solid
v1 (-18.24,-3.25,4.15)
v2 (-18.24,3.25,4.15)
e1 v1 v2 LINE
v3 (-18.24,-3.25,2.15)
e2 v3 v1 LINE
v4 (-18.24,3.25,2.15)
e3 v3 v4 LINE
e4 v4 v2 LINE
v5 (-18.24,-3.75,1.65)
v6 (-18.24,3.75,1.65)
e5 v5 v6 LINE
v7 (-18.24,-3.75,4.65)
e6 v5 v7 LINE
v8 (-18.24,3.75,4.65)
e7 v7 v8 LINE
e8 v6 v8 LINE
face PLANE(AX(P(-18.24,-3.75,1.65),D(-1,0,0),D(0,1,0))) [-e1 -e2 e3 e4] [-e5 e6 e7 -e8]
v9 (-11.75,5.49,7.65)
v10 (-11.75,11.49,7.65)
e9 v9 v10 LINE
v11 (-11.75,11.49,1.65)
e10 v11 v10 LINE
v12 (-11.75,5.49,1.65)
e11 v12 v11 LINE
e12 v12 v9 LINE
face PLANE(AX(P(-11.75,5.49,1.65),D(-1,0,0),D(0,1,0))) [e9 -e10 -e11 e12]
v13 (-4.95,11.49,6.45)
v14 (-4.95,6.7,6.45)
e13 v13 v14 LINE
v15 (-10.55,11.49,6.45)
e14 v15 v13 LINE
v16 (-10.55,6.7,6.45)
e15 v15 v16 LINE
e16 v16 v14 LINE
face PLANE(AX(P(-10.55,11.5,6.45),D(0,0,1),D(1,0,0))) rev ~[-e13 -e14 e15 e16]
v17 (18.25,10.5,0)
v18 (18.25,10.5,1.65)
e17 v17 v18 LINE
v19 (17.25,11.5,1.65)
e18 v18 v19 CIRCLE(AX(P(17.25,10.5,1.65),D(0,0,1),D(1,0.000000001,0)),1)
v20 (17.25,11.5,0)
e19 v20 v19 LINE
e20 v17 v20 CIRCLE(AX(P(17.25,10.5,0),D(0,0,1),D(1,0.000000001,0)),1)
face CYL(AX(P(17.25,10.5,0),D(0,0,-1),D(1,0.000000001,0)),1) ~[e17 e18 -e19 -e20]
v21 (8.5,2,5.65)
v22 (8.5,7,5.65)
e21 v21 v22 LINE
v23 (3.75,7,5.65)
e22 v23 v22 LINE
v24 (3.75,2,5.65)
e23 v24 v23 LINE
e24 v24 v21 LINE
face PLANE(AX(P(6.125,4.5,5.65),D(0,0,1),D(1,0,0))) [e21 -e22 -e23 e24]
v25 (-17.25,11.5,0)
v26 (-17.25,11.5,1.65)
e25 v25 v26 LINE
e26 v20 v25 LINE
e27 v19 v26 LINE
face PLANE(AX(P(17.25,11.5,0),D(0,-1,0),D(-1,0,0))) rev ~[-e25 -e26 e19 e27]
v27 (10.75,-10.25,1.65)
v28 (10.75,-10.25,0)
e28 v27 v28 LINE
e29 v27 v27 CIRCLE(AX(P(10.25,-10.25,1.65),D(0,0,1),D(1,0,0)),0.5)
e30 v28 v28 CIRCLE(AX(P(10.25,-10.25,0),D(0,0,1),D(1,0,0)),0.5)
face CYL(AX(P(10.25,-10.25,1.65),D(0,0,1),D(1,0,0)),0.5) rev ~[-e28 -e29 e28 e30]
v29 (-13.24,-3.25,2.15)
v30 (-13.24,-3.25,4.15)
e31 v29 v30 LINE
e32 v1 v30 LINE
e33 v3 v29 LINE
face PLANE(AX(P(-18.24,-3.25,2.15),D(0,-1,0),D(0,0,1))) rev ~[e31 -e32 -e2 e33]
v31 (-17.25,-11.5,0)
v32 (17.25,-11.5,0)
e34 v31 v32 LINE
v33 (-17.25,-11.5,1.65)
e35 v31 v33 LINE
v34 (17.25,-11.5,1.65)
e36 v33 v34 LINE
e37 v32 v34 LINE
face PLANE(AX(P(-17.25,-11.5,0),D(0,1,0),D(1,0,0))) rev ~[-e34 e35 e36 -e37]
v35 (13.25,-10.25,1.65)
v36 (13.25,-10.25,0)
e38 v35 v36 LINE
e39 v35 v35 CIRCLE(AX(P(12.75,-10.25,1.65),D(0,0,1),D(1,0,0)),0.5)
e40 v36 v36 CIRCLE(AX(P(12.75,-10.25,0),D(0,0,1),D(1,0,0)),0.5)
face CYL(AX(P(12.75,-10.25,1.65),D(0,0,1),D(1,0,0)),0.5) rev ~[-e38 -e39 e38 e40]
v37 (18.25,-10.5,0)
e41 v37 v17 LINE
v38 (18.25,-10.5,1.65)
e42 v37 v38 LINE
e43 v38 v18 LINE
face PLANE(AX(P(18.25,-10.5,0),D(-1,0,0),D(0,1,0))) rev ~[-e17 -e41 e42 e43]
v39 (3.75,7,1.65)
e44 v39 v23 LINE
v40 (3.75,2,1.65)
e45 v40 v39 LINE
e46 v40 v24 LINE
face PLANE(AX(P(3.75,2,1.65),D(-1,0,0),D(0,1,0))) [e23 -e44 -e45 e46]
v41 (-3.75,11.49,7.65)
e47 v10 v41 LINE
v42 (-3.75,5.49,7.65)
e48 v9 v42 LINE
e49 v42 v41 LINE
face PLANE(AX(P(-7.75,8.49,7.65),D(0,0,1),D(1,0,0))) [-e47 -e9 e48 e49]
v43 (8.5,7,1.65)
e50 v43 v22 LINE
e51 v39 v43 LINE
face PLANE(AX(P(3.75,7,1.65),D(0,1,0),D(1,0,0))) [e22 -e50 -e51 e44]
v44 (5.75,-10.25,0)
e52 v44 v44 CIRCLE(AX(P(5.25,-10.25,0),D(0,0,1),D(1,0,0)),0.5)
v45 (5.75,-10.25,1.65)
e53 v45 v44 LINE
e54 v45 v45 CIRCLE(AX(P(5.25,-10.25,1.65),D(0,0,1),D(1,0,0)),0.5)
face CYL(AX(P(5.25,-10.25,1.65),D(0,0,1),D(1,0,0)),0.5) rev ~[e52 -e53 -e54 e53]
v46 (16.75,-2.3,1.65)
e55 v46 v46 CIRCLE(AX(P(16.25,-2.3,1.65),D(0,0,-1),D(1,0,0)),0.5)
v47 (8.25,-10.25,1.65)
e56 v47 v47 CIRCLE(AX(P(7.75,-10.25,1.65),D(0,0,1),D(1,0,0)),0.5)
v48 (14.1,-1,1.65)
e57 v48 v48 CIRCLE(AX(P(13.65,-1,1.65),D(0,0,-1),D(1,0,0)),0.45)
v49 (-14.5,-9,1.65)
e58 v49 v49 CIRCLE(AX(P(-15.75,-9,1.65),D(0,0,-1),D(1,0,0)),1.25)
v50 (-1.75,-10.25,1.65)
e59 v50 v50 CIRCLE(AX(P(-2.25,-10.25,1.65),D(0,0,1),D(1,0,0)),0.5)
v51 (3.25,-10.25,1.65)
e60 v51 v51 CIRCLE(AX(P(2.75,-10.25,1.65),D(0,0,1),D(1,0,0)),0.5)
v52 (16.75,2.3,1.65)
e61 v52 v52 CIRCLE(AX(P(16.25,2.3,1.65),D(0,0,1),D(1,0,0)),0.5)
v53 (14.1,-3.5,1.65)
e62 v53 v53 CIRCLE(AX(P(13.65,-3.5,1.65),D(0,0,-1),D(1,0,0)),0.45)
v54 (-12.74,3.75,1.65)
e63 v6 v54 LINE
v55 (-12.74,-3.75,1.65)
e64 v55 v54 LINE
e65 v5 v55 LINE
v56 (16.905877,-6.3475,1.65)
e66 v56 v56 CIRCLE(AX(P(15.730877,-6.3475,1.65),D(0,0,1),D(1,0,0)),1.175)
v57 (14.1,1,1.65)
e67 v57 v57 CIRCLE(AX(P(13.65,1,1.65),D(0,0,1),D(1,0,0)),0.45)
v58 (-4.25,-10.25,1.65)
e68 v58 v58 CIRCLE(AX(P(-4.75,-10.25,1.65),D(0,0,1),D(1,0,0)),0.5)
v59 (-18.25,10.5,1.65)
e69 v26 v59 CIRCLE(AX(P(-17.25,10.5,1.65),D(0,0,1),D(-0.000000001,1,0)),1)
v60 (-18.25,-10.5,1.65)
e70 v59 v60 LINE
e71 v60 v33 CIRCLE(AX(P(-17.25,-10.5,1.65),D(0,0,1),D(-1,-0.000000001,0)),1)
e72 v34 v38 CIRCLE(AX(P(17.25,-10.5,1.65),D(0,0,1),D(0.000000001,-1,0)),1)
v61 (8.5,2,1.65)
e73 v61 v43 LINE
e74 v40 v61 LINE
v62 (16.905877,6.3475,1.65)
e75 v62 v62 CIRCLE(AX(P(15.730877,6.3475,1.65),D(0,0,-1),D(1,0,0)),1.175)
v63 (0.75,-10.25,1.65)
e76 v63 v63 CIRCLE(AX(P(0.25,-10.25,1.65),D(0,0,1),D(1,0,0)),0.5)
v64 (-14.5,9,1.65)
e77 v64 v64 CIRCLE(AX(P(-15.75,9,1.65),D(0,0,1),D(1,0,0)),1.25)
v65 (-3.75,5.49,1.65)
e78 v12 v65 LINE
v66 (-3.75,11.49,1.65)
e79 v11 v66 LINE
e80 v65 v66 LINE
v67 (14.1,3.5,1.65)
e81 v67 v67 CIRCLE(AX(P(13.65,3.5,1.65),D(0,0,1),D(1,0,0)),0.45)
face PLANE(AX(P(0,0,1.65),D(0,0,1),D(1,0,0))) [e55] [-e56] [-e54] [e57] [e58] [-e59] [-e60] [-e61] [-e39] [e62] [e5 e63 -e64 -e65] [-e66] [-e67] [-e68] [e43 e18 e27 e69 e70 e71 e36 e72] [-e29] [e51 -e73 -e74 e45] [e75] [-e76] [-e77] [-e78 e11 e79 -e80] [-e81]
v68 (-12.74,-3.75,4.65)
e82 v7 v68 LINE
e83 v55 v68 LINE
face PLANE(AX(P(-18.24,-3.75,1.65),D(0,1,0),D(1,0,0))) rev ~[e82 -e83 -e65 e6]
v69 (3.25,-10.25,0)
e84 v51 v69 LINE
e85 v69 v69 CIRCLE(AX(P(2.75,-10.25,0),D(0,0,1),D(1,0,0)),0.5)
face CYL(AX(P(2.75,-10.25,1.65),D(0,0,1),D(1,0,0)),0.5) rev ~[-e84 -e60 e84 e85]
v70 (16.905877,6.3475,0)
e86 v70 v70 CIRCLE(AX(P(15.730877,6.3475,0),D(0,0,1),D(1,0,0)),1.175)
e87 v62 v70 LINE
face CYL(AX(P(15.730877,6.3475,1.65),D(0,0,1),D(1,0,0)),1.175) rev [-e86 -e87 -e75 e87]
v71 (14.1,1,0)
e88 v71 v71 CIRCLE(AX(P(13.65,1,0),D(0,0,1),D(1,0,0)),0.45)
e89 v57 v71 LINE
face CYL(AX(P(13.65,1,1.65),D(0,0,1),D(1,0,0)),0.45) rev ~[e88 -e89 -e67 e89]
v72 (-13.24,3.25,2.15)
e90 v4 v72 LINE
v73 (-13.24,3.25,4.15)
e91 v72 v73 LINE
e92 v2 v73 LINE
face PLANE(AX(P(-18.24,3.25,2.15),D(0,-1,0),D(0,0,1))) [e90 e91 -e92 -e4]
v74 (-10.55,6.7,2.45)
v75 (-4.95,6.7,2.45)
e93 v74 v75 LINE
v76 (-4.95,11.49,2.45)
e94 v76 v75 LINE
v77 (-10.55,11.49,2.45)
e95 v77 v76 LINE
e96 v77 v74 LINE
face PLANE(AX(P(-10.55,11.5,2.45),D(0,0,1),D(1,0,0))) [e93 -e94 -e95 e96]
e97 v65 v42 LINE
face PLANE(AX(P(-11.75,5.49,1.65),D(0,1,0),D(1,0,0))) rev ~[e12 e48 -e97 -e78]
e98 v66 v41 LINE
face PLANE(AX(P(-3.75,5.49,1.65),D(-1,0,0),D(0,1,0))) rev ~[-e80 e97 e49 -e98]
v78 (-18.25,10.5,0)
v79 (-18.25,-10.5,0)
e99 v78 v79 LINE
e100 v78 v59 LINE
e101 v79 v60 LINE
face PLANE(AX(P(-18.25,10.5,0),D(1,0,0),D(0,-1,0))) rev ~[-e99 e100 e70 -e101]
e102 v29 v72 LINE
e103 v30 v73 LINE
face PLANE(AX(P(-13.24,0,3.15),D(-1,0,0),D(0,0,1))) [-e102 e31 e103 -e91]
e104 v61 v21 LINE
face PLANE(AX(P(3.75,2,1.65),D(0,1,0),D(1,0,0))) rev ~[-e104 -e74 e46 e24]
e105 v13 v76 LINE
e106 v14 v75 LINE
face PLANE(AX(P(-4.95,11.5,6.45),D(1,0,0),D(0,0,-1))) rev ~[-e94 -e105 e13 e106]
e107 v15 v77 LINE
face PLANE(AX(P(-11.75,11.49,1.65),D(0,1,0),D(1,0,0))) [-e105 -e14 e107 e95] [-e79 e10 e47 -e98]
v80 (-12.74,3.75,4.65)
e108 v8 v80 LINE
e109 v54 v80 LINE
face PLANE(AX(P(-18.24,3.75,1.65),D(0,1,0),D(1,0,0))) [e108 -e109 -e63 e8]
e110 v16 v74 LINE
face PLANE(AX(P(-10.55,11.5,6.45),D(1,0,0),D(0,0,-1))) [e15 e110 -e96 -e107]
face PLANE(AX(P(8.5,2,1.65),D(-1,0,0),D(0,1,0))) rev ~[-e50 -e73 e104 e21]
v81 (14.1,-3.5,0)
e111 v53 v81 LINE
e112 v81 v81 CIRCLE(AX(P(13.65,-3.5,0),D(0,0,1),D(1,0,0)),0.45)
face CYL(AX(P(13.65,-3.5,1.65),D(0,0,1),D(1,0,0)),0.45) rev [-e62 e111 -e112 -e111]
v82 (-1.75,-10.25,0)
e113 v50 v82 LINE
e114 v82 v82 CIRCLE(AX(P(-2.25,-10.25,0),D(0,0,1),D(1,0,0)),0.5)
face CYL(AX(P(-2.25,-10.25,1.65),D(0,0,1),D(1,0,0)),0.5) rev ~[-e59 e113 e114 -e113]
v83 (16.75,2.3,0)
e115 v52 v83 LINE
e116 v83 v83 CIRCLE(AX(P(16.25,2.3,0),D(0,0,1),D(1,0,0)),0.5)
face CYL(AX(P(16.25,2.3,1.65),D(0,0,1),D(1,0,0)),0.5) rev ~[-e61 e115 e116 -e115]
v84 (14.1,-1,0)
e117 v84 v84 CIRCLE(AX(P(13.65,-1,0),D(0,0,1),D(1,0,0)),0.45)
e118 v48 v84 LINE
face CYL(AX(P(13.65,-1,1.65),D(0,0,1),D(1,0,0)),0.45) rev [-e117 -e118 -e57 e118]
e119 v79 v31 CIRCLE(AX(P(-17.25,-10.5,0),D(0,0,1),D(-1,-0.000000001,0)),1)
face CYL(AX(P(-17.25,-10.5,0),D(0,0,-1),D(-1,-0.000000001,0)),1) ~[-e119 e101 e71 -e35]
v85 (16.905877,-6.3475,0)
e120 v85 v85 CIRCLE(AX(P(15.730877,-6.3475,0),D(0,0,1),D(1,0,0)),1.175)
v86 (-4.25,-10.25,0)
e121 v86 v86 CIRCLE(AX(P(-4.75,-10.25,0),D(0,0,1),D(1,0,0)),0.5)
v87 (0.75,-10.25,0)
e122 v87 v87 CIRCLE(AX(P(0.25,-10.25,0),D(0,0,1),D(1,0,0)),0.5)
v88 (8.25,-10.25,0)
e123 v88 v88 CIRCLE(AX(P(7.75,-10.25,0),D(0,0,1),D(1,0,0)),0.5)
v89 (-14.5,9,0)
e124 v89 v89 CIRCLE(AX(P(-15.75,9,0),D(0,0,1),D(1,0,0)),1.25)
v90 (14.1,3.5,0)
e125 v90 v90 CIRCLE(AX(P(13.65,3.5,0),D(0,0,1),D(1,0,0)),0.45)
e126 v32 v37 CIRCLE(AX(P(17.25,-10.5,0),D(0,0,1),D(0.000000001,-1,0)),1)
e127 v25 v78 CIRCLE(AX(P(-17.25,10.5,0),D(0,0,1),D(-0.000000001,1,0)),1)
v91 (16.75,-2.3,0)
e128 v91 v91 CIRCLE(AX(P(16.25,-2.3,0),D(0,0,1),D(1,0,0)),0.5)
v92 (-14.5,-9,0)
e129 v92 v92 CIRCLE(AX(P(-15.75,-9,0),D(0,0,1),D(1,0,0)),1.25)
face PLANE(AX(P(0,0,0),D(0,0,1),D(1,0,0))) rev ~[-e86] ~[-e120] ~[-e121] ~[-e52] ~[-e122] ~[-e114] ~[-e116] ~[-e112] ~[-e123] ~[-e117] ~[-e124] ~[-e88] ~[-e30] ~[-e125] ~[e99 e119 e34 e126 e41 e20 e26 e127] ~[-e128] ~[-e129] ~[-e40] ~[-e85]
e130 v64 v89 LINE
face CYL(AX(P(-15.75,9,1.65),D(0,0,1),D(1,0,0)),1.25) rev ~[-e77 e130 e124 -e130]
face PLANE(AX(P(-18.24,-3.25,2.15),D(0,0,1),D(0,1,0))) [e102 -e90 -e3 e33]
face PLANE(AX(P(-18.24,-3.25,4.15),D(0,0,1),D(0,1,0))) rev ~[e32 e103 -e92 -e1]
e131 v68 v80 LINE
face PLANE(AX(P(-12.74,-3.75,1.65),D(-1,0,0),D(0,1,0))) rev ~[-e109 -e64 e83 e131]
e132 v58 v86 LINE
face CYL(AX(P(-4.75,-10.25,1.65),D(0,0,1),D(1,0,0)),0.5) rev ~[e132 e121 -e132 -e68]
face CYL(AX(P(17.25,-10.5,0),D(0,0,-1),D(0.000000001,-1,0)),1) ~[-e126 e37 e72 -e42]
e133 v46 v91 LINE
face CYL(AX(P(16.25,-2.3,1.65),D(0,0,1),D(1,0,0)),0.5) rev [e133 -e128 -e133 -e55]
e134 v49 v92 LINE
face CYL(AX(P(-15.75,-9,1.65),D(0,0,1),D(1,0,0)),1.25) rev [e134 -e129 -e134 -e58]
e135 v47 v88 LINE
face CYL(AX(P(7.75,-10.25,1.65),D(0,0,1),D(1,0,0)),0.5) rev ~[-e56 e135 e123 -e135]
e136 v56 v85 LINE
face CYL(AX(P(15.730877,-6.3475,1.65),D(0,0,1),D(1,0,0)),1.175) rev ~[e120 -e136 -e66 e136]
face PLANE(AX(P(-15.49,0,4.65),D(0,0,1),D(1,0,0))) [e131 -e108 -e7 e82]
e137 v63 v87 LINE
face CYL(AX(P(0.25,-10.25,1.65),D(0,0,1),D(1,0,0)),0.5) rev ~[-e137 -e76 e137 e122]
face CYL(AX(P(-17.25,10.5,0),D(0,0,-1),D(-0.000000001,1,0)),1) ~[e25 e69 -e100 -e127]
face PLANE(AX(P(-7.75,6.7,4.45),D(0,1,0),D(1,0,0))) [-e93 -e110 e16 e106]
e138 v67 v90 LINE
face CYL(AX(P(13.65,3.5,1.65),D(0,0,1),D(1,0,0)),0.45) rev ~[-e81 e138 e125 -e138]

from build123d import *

# Parameters (mm, degrees)
BASE_DEPTH          = 1.65
SKETCH2_R           = 1.25
CUT_EXTRUDE1_DEPTH  = 22.634116575
SKETCH3_R           = 0.5
CUT_EXTRUDE2_DEPTH  = 22.634116575
LPATTERN1_COUNT     = 8
LPATTERN1_PITCH     = 2.5
SKETCH4_R           = 1.175
CUT_EXTRUDE3_DEPTH  = 22.634116575
SKETCH9_R           = 0.45
CUT_EXTRUDE6_DEPTH  = 22.634116575
SKETCH10_R          = 0.5
CUT_EXTRUDE7_DEPTH  = 22.634116575
SKETCH5_W           = 8
SKETCH5_H           = 6
BOSS_EXTRUDE2_DEPTH = 6
SKETCH6_W           = 5.6
SKETCH6_H           = 4
CUT_EXTRUDE4_DEPTH  = 4.8
SKETCH7_W           = 5.5
SKETCH7_H           = 7.5
BOSS_EXTRUDE3_DEPTH = 3
SKETCH8_W           = 2
SKETCH8_H           = 6.5
CUT_EXTRUDE5_DEPTH  = 5
SKETCH11_W          = 4.75
SKETCH11_H          = 5
BOSS_EXTRUDE4_DEPTH = 4


with BuildPart() as part:
    # Sketch1 → Base (new body)
    with BuildSketch(Plane.XY):
        with BuildLine():
            Line((-17.25, -11.5), (17.25, -11.5))
            ThreePointArc((17.25, -11.5), (17.957106781, -11.207106781), (18.25, -10.5))
            Line((18.25, -10.5), (18.25, 10.5))
            ThreePointArc((18.25, 10.5), (17.957106781, 11.207106781), (17.25, 11.5))
            Line((17.25, 11.5), (-17.25, 11.5))
            ThreePointArc((-17.25, 11.5), (-17.957106781, 11.207106781), (-18.25, 10.5))
            Line((-18.25, 10.5), (-18.25, -10.5))
            ThreePointArc((-18.25, -10.5), (-17.957106781, -11.207106781), (-17.25, -11.5))
        make_face()
    extrude(amount=BASE_DEPTH)

    # Sketch2 → Cut-Extrude1 (cut, through all)
    with BuildSketch(Plane.XY.offset(1.65)):
        with Locations((-15.75, 9)):
            Circle(SKETCH2_R)
    cut_extrude1 = extrude(amount=-CUT_EXTRUDE1_DEPTH, mode=Mode.SUBTRACT)

    # Mirror1: Cut-Extrude1 across plane
    add(cut_extrude1.mirror(Plane.ZX), mode=Mode.SUBTRACT)

    # Sketch3 → Cut-Extrude2 (cut, through all)
    with BuildSketch(Plane.XY.offset(1.65)):
        with Locations((12.75, -10.25)):
            Circle(SKETCH3_R)
    cut_extrude2 = extrude(amount=-CUT_EXTRUDE2_DEPTH, mode=Mode.SUBTRACT)

    # LPattern1: Cut-Extrude2 ×8
    with Locations(*[(-i * LPATTERN1_PITCH, 0, 0) for i in range(1, LPATTERN1_COUNT)]):
        add(cut_extrude2, mode=Mode.SUBTRACT)

    # Sketch4 → Cut-Extrude3 (cut, through all)
    with BuildSketch(Plane.XY.offset(1.65)):
        with Locations((15.730877355, -6.3475)):
            Circle(SKETCH4_R)
    cut_extrude3 = extrude(amount=-CUT_EXTRUDE3_DEPTH, mode=Mode.SUBTRACT)

    # Sketch9 → Cut-Extrude6 (cut, through all)
    with BuildSketch(Plane.XY.offset(1.65)):
        with Locations((13.65, 1)):
            Circle(SKETCH9_R)
        with Locations((13.65, 3.5)):
            Circle(SKETCH9_R)
    cut_extrude6 = extrude(amount=-CUT_EXTRUDE6_DEPTH, mode=Mode.SUBTRACT)

    # Sketch10 → Cut-Extrude7 (cut, through all)
    with BuildSketch(Plane.XY.offset(1.65)):
        with Locations((16.25, 2.3)):
            Circle(SKETCH10_R)
    cut_extrude7 = extrude(amount=-CUT_EXTRUDE7_DEPTH, mode=Mode.SUBTRACT)

    # Mirror2: Cut-Extrude3 across plane
    add(cut_extrude3.mirror(Plane.ZX), mode=Mode.SUBTRACT)

    # Mirror3: Cut-Extrude6 across plane
    add(cut_extrude6.mirror(Plane.ZX), mode=Mode.SUBTRACT)

    # Mirror4: Cut-Extrude7 across plane
    add(cut_extrude7.mirror(Plane.ZX), mode=Mode.SUBTRACT)

    # Sketch5 → Boss-Extrude2 (add)
    with BuildSketch(Plane.XY.offset(1.65)):
        with Locations((-7.75, 8.49)):
            Rectangle(SKETCH5_W, SKETCH5_H)
    extrude(amount=BOSS_EXTRUDE2_DEPTH)

    # Sketch6 → Cut-Extrude4 (cut)
    with BuildSketch(Plane(origin=(0, 11.5, 0), x_dir=(1, 0, 0), z_dir=(0, 1, 0))):
        with Locations((-7.75, -4.45)):
            Rectangle(SKETCH6_W, SKETCH6_H)
    extrude(amount=-CUT_EXTRUDE4_DEPTH, mode=Mode.SUBTRACT)

    # Sketch7 → Boss-Extrude3 (add)
    with BuildSketch(Plane.XY.offset(1.65)):
        with Locations((-15.49, 0)):
            Rectangle(SKETCH7_W, SKETCH7_H)
    extrude(amount=BOSS_EXTRUDE3_DEPTH)

    # Sketch8 → Cut-Extrude5 (cut)
    with BuildSketch(Plane.ZY.offset(18.24)):
        with Locations((3.15, 0)):
            Rectangle(SKETCH8_W, SKETCH8_H)
    extrude(amount=-CUT_EXTRUDE5_DEPTH, mode=Mode.SUBTRACT)

    # Sketch11 → Boss-Extrude4 (add)
    with BuildSketch(Plane.XY.offset(1.65)):
        with Locations((6.125, 4.5)):
            Rectangle(SKETCH11_W, SKETCH11_H)
    extrude(amount=BOSS_EXTRUDE4_DEPTH)


solid = part.part
